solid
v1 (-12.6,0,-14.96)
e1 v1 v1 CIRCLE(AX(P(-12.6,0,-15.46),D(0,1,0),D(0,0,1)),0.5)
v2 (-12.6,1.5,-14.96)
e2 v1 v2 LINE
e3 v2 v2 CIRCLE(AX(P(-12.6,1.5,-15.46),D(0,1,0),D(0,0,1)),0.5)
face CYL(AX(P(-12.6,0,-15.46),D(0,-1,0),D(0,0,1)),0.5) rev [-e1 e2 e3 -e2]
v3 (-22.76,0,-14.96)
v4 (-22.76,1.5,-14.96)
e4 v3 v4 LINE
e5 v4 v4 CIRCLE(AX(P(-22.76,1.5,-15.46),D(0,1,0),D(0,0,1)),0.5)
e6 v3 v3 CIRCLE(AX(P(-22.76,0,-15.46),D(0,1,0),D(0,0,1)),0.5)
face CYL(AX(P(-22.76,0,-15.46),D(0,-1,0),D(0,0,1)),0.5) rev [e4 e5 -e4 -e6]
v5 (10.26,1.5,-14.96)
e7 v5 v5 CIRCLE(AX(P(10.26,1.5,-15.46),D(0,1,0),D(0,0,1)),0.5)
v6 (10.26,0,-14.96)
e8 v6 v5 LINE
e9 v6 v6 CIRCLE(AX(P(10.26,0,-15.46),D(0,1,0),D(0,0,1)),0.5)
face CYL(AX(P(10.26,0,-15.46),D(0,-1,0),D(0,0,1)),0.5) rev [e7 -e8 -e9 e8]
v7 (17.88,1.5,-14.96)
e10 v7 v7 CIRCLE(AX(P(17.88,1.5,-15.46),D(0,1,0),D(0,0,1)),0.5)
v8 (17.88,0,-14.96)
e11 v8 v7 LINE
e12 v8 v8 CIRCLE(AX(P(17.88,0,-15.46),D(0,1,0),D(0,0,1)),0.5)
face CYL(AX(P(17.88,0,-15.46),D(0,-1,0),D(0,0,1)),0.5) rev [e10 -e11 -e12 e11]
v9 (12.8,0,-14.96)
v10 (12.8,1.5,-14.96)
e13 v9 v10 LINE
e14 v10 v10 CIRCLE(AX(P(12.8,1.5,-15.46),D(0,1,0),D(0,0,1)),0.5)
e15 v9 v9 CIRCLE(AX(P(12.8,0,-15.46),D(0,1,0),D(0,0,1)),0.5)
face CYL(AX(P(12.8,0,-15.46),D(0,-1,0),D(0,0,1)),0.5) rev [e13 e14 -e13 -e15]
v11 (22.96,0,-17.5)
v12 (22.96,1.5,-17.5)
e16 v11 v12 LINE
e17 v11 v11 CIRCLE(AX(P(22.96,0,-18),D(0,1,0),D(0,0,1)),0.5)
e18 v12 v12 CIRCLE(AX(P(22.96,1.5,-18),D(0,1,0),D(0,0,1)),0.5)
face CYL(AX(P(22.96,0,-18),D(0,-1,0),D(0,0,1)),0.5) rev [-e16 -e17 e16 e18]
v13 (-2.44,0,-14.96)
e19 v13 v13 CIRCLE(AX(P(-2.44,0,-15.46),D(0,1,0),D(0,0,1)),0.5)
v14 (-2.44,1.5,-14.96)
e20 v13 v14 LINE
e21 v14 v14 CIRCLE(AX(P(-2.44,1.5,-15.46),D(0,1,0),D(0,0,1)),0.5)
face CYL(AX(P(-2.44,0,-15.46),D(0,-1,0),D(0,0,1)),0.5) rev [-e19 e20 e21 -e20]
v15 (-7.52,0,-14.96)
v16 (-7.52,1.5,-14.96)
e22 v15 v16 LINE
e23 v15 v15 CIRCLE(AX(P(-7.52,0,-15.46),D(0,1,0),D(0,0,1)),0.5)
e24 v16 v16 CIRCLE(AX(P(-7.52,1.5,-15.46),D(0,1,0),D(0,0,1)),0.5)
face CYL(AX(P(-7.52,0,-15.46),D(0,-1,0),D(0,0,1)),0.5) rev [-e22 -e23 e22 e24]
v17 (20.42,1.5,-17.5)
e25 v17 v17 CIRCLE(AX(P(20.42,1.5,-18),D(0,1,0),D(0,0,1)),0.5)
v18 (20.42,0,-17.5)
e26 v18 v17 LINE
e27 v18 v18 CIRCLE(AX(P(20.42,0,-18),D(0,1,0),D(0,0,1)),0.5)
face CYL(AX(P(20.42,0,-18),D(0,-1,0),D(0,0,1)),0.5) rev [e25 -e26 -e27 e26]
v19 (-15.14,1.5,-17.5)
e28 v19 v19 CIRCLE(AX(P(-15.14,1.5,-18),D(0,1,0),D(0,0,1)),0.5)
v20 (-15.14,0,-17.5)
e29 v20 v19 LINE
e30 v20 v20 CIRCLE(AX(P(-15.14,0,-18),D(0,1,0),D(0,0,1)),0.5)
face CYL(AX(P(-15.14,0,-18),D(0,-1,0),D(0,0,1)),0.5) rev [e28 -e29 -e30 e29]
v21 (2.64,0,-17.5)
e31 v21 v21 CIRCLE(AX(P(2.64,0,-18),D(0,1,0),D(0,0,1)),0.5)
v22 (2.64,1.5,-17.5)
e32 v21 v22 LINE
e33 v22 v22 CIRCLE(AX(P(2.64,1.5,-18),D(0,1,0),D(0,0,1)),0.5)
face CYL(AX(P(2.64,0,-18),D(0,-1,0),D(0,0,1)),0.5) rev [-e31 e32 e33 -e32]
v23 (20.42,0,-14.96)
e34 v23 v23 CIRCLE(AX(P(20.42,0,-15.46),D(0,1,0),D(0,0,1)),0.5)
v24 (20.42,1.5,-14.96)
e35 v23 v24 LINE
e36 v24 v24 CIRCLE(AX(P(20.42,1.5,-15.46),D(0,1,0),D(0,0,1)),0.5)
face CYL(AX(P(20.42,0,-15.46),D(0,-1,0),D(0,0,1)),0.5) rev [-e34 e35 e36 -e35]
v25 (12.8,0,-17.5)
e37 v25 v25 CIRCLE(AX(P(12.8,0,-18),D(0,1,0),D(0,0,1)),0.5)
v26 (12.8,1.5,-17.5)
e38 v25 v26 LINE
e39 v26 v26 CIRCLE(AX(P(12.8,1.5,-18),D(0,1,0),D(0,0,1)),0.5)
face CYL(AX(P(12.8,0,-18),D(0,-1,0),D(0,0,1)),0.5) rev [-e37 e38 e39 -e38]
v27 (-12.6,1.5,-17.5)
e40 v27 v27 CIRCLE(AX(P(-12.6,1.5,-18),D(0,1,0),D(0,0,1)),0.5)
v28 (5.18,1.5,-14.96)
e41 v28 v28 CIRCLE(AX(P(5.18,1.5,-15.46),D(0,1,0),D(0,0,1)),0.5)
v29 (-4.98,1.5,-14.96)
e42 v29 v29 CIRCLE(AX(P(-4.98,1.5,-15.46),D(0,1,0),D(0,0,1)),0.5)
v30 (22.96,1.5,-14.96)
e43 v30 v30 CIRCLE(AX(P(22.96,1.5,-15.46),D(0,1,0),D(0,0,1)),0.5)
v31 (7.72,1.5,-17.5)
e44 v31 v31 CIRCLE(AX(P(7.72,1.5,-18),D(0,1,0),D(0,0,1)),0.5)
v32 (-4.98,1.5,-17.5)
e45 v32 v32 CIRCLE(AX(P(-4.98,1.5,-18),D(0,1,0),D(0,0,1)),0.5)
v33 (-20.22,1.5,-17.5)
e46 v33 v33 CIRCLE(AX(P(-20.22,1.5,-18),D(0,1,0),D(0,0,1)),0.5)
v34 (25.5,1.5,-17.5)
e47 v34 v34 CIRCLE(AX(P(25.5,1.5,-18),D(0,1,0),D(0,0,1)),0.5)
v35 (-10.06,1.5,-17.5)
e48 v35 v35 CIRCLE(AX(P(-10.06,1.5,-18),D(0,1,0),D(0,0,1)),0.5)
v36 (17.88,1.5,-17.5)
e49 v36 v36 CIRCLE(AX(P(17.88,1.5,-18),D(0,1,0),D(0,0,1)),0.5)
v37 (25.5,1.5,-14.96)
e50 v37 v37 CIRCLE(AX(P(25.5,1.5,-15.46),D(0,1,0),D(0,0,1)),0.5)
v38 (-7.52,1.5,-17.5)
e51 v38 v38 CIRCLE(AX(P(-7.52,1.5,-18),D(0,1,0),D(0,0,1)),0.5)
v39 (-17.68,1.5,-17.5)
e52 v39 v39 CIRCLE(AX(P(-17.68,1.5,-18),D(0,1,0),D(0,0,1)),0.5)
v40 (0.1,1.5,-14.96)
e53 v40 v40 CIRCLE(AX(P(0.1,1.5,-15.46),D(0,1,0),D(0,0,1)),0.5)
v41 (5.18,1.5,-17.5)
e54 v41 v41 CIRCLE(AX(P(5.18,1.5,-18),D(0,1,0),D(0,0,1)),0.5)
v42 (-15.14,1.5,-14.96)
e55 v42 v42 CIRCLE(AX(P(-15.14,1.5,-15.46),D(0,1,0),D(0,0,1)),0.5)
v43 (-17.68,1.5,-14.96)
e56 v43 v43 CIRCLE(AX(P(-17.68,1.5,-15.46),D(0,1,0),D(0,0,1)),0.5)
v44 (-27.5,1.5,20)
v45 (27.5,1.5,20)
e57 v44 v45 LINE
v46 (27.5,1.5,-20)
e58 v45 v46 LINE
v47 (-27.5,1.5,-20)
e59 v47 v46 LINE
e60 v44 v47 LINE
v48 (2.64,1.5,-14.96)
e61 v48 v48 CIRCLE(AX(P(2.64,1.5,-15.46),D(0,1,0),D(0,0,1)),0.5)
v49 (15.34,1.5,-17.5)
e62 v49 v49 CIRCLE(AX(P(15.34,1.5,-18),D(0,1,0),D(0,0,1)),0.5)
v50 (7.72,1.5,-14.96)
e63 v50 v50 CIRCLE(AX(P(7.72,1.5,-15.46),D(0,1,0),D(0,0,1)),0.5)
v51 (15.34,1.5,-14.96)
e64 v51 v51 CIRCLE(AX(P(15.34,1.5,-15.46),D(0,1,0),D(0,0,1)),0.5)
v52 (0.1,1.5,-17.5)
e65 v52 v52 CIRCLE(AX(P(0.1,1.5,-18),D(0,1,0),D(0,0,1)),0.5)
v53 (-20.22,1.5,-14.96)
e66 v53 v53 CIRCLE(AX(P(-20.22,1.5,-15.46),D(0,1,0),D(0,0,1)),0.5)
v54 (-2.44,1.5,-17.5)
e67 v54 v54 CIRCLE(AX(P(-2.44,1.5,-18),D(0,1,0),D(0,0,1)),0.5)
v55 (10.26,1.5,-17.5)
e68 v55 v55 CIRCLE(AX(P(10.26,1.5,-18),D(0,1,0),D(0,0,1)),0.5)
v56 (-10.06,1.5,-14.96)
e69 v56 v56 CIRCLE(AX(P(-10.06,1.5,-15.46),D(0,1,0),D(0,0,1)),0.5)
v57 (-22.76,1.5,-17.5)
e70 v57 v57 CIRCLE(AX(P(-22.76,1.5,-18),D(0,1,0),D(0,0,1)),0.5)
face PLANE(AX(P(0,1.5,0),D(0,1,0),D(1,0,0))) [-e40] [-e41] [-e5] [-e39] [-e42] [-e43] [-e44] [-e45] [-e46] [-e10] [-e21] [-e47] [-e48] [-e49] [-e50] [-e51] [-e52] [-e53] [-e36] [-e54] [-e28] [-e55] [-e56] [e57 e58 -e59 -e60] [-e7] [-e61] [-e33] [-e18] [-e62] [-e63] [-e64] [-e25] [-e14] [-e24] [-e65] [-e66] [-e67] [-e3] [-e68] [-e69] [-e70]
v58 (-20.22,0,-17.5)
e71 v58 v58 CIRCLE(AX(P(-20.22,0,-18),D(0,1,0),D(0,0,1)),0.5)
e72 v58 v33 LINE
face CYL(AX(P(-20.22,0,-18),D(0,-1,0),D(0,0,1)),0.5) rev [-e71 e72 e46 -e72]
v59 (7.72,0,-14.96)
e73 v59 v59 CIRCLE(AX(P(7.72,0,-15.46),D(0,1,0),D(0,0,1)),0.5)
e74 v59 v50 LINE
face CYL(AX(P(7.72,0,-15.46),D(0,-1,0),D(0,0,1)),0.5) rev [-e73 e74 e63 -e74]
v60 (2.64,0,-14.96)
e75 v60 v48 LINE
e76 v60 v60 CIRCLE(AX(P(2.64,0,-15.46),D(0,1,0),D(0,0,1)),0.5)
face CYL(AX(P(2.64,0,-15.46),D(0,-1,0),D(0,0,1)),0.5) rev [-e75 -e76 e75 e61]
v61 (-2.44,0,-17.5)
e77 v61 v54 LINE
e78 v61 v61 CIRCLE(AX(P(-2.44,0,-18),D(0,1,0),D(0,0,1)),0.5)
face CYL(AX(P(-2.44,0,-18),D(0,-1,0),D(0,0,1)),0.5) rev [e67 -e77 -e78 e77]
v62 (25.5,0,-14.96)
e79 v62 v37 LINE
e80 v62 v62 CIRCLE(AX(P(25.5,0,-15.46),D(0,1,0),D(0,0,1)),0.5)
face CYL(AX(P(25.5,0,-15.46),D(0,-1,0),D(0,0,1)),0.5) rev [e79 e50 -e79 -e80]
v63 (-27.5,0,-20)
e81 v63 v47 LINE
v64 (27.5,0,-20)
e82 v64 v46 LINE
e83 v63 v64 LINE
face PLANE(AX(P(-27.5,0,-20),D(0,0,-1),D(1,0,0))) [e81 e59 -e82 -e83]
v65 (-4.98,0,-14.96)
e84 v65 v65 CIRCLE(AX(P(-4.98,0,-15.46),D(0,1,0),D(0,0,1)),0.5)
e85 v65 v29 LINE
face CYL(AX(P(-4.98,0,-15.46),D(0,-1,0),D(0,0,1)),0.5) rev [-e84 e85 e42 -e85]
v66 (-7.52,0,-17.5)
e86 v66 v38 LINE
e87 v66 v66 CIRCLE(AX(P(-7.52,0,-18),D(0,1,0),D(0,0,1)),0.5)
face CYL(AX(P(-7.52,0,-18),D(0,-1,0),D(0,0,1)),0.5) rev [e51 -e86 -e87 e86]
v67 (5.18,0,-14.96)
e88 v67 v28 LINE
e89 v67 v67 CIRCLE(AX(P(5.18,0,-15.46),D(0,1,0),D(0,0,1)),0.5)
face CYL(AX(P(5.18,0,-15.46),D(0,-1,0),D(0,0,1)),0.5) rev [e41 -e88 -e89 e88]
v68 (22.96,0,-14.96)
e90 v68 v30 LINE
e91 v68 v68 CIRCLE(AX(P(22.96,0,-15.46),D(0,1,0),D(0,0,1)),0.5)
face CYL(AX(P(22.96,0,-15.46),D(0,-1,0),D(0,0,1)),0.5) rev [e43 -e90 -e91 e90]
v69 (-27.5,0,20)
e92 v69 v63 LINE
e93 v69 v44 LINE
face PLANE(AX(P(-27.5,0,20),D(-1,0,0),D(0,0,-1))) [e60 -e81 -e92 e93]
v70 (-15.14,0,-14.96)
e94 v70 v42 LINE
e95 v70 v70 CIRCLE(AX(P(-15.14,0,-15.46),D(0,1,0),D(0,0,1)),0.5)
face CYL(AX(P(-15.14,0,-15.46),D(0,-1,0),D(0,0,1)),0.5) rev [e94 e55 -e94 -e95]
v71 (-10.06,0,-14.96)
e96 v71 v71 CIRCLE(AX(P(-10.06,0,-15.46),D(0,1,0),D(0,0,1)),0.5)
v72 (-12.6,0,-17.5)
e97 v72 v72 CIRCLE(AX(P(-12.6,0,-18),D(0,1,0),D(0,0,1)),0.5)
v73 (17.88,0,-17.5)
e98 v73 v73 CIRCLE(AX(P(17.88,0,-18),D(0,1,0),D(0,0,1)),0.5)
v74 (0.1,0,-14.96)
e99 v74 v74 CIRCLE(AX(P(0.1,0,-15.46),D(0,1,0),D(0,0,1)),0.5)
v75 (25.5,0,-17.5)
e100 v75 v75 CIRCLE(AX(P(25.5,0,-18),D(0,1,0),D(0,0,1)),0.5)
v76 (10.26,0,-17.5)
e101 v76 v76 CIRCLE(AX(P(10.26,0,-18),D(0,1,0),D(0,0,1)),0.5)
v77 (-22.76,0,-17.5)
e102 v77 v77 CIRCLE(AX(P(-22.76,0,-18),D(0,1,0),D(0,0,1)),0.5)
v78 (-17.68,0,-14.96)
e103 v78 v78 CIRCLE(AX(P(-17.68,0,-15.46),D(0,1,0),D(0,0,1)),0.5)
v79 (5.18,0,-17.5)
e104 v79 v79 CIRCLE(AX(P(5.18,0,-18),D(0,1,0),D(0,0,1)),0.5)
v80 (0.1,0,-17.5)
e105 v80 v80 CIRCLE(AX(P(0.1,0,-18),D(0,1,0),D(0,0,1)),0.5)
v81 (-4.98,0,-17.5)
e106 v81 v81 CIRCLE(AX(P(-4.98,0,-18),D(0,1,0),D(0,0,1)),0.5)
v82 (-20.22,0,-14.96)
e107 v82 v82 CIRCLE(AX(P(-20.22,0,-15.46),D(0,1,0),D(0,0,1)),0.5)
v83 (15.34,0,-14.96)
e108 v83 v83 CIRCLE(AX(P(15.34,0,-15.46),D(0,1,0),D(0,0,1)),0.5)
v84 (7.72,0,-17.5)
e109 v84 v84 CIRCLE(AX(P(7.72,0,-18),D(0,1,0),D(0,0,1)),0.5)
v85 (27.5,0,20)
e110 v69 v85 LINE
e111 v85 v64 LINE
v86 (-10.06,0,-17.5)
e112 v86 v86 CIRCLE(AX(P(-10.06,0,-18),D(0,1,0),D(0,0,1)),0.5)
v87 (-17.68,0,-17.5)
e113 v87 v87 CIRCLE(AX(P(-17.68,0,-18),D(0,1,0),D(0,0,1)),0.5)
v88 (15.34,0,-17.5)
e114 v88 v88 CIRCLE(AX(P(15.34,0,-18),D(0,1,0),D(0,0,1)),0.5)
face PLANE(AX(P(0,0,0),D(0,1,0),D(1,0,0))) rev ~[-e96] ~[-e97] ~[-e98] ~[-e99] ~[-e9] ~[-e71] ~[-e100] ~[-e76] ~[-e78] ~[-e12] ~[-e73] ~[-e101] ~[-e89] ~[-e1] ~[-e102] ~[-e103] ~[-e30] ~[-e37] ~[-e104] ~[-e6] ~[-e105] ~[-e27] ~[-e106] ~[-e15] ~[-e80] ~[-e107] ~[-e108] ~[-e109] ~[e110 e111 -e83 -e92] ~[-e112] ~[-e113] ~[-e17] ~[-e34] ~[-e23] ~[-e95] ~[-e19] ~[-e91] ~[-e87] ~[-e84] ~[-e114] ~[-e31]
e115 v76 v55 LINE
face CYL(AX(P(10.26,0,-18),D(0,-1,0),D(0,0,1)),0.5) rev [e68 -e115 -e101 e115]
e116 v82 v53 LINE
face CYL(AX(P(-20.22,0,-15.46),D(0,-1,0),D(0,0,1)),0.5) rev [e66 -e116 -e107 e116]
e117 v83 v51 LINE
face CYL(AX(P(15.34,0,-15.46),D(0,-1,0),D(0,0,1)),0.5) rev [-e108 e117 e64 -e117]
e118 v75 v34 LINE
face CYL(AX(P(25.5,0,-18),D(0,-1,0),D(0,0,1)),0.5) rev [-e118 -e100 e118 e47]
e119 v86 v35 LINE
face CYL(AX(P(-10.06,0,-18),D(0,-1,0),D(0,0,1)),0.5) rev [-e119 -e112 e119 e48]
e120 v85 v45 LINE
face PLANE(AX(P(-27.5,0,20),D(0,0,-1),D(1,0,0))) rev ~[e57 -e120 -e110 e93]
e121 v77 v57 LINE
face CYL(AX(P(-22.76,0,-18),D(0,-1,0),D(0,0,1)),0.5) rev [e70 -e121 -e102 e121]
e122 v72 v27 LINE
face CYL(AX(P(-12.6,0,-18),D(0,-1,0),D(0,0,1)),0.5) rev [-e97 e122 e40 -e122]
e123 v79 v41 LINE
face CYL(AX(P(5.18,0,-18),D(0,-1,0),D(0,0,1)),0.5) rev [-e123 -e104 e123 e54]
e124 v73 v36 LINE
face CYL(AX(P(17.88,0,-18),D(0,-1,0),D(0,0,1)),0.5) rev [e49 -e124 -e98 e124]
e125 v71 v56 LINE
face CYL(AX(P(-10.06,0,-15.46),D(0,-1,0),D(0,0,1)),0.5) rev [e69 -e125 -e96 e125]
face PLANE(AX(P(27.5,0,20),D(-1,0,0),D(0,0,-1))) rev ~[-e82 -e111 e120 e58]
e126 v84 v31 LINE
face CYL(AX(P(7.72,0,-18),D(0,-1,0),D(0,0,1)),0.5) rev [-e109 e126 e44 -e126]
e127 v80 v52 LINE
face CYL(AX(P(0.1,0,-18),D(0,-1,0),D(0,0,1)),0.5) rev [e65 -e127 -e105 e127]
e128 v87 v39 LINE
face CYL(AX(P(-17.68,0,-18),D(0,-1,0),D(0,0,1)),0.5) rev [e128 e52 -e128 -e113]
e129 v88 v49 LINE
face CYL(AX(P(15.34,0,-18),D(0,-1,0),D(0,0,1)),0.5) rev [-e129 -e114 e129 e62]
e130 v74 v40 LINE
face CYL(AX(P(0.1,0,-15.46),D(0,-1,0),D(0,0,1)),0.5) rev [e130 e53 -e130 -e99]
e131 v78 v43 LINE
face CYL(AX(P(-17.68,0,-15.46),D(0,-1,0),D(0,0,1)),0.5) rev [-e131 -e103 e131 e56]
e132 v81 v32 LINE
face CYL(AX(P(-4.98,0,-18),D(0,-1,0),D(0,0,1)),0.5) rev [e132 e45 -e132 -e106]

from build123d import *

# Parameters (mm, degrees)
SKETCH1_W           = 55
SKETCH1_H           = 40
SKETCH1_R           = 0.5
BOSS_EXTRUDE1_DEPTH = 1.5


with BuildPart() as part:
    # Sketch1 → Boss-Extrude1 (new body)
    with BuildSketch(Plane(origin=(0, 0, 0), x_dir=(1, 0, 0), z_dir=(0, 1, 0))):
        Rectangle(SKETCH1_W, SKETCH1_H)
        with Locations(Location((25.5, 18, 0), (0, 0, 270))):
            Circle(SKETCH1_R, mode=Mode.SUBTRACT)
        with Locations(Location((22.96, 18, 0), (0, 0, 270))):
            Circle(SKETCH1_R, mode=Mode.SUBTRACT)
        with Locations(Location((20.42, 18, 0), (0, 0, 270))):
            Circle(SKETCH1_R, mode=Mode.SUBTRACT)
        with Locations(Location((17.88, 18, 0), (0, 0, 270))):
            Circle(SKETCH1_R, mode=Mode.SUBTRACT)
        with Locations(Location((15.34, 18, 0), (0, 0, 270))):
            Circle(SKETCH1_R, mode=Mode.SUBTRACT)
        with Locations(Location((12.8, 18, 0), (0, 0, 270))):
            Circle(SKETCH1_R, mode=Mode.SUBTRACT)
        with Locations(Location((10.26, 18, 0), (0, 0, 270))):
            Circle(SKETCH1_R, mode=Mode.SUBTRACT)
        with Locations(Location((7.72, 18, 0), (0, 0, 270))):
            Circle(SKETCH1_R, mode=Mode.SUBTRACT)
        with Locations(Location((5.18, 18, 0), (0, 0, 270))):
            Circle(SKETCH1_R, mode=Mode.SUBTRACT)
        with Locations(Location((2.64, 18, 0), (0, 0, 270))):
            Circle(SKETCH1_R, mode=Mode.SUBTRACT)
        with Locations(Location((0.1, 18, 0), (0, 0, 270))):
            Circle(SKETCH1_R, mode=Mode.SUBTRACT)
        with Locations(Location((-2.44, 18, 0), (0, 0, 270))):
            Circle(SKETCH1_R, mode=Mode.SUBTRACT)
        with Locations(Location((-4.98, 18, 0), (0, 0, 270))):
            Circle(SKETCH1_R, mode=Mode.SUBTRACT)
        with Locations(Location((-7.52, 18, 0), (0, 0, 270))):
            Circle(SKETCH1_R, mode=Mode.SUBTRACT)
        with Locations(Location((-10.06, 18, 0), (0, 0, 270))):
            Circle(SKETCH1_R, mode=Mode.SUBTRACT)
        with Locations(Location((-12.6, 18, 0), (0, 0, 270))):
            Circle(SKETCH1_R, mode=Mode.SUBTRACT)
        with Locations(Location((-15.14, 18, 0), (0, 0, 270))):
            Circle(SKETCH1_R, mode=Mode.SUBTRACT)
        with Locations(Location((-17.68, 18, 0), (0, 0, 270))):
            Circle(SKETCH1_R, mode=Mode.SUBTRACT)
        with Locations(Location((-20.22, 18, 0), (0, 0, 270))):
            Circle(SKETCH1_R, mode=Mode.SUBTRACT)
        with Locations(Location((-22.76, 18, 0), (0, 0, 270))):
            Circle(SKETCH1_R, mode=Mode.SUBTRACT)
        with Locations(Location((22.96, 15.46, 0), (0, 0, 270))):
            Circle(SKETCH1_R, mode=Mode.SUBTRACT)
        with Locations(Location((20.42, 15.46, 0), (0, 0, 270))):
            Circle(SKETCH1_R, mode=Mode.SUBTRACT)
        with Locations(Location((17.88, 15.46, 0), (0, 0, 270))):
            Circle(SKETCH1_R, mode=Mode.SUBTRACT)
        with Locations(Location((15.34, 15.46, 0), (0, 0, 270))):
            Circle(SKETCH1_R, mode=Mode.SUBTRACT)
        with Locations(Location((12.8, 15.46, 0), (0, 0, 270))):
            Circle(SKETCH1_R, mode=Mode.SUBTRACT)
        with Locations(Location((10.26, 15.46, 0), (0, 0, 270))):
            Circle(SKETCH1_R, mode=Mode.SUBTRACT)
        with Locations(Location((7.72, 15.46, 0), (0, 0, 270))):
            Circle(SKETCH1_R, mode=Mode.SUBTRACT)
        with Locations(Location((5.18, 15.46, 0), (0, 0, 270))):
            Circle(SKETCH1_R, mode=Mode.SUBTRACT)
        with Locations(Location((2.64, 15.46, 0), (0, 0, 270))):
            Circle(SKETCH1_R, mode=Mode.SUBTRACT)
        with Locations(Location((0.1, 15.46, 0), (0, 0, 270))):
            Circle(SKETCH1_R, mode=Mode.SUBTRACT)
        with Locations(Location((-2.44, 15.46, 0), (0, 0, 270))):
            Circle(SKETCH1_R, mode=Mode.SUBTRACT)
        with Locations(Location((-4.98, 15.46, 0), (0, 0, 270))):
            Circle(SKETCH1_R, mode=Mode.SUBTRACT)
        with Locations(Location((-7.52, 15.46, 0), (0, 0, 270))):
            Circle(SKETCH1_R, mode=Mode.SUBTRACT)
        with Locations(Location((-10.06, 15.46, 0), (0, 0, 270))):
            Circle(SKETCH1_R, mode=Mode.SUBTRACT)
        with Locations(Location((-12.6, 15.46, 0), (0, 0, 270))):
            Circle(SKETCH1_R, mode=Mode.SUBTRACT)
        with Locations(Location((-15.14, 15.46, 0), (0, 0, 270))):
            Circle(SKETCH1_R, mode=Mode.SUBTRACT)
        with Locations(Location((-17.68, 15.46, 0), (0, 0, 270))):
            Circle(SKETCH1_R, mode=Mode.SUBTRACT)
        with Locations(Location((-20.22, 15.46, 0), (0, 0, 270))):
            Circle(SKETCH1_R, mode=Mode.SUBTRACT)
        with Locations(Location((-22.76, 15.46, 0), (0, 0, 270))):
            Circle(SKETCH1_R, mode=Mode.SUBTRACT)
        with Locations(Location((25.5, 15.46, 0), (0, 0, 270))):
            Circle(SKETCH1_R, mode=Mode.SUBTRACT)
    extrude(amount=BOSS_EXTRUDE1_DEPTH)


solid = part.part
